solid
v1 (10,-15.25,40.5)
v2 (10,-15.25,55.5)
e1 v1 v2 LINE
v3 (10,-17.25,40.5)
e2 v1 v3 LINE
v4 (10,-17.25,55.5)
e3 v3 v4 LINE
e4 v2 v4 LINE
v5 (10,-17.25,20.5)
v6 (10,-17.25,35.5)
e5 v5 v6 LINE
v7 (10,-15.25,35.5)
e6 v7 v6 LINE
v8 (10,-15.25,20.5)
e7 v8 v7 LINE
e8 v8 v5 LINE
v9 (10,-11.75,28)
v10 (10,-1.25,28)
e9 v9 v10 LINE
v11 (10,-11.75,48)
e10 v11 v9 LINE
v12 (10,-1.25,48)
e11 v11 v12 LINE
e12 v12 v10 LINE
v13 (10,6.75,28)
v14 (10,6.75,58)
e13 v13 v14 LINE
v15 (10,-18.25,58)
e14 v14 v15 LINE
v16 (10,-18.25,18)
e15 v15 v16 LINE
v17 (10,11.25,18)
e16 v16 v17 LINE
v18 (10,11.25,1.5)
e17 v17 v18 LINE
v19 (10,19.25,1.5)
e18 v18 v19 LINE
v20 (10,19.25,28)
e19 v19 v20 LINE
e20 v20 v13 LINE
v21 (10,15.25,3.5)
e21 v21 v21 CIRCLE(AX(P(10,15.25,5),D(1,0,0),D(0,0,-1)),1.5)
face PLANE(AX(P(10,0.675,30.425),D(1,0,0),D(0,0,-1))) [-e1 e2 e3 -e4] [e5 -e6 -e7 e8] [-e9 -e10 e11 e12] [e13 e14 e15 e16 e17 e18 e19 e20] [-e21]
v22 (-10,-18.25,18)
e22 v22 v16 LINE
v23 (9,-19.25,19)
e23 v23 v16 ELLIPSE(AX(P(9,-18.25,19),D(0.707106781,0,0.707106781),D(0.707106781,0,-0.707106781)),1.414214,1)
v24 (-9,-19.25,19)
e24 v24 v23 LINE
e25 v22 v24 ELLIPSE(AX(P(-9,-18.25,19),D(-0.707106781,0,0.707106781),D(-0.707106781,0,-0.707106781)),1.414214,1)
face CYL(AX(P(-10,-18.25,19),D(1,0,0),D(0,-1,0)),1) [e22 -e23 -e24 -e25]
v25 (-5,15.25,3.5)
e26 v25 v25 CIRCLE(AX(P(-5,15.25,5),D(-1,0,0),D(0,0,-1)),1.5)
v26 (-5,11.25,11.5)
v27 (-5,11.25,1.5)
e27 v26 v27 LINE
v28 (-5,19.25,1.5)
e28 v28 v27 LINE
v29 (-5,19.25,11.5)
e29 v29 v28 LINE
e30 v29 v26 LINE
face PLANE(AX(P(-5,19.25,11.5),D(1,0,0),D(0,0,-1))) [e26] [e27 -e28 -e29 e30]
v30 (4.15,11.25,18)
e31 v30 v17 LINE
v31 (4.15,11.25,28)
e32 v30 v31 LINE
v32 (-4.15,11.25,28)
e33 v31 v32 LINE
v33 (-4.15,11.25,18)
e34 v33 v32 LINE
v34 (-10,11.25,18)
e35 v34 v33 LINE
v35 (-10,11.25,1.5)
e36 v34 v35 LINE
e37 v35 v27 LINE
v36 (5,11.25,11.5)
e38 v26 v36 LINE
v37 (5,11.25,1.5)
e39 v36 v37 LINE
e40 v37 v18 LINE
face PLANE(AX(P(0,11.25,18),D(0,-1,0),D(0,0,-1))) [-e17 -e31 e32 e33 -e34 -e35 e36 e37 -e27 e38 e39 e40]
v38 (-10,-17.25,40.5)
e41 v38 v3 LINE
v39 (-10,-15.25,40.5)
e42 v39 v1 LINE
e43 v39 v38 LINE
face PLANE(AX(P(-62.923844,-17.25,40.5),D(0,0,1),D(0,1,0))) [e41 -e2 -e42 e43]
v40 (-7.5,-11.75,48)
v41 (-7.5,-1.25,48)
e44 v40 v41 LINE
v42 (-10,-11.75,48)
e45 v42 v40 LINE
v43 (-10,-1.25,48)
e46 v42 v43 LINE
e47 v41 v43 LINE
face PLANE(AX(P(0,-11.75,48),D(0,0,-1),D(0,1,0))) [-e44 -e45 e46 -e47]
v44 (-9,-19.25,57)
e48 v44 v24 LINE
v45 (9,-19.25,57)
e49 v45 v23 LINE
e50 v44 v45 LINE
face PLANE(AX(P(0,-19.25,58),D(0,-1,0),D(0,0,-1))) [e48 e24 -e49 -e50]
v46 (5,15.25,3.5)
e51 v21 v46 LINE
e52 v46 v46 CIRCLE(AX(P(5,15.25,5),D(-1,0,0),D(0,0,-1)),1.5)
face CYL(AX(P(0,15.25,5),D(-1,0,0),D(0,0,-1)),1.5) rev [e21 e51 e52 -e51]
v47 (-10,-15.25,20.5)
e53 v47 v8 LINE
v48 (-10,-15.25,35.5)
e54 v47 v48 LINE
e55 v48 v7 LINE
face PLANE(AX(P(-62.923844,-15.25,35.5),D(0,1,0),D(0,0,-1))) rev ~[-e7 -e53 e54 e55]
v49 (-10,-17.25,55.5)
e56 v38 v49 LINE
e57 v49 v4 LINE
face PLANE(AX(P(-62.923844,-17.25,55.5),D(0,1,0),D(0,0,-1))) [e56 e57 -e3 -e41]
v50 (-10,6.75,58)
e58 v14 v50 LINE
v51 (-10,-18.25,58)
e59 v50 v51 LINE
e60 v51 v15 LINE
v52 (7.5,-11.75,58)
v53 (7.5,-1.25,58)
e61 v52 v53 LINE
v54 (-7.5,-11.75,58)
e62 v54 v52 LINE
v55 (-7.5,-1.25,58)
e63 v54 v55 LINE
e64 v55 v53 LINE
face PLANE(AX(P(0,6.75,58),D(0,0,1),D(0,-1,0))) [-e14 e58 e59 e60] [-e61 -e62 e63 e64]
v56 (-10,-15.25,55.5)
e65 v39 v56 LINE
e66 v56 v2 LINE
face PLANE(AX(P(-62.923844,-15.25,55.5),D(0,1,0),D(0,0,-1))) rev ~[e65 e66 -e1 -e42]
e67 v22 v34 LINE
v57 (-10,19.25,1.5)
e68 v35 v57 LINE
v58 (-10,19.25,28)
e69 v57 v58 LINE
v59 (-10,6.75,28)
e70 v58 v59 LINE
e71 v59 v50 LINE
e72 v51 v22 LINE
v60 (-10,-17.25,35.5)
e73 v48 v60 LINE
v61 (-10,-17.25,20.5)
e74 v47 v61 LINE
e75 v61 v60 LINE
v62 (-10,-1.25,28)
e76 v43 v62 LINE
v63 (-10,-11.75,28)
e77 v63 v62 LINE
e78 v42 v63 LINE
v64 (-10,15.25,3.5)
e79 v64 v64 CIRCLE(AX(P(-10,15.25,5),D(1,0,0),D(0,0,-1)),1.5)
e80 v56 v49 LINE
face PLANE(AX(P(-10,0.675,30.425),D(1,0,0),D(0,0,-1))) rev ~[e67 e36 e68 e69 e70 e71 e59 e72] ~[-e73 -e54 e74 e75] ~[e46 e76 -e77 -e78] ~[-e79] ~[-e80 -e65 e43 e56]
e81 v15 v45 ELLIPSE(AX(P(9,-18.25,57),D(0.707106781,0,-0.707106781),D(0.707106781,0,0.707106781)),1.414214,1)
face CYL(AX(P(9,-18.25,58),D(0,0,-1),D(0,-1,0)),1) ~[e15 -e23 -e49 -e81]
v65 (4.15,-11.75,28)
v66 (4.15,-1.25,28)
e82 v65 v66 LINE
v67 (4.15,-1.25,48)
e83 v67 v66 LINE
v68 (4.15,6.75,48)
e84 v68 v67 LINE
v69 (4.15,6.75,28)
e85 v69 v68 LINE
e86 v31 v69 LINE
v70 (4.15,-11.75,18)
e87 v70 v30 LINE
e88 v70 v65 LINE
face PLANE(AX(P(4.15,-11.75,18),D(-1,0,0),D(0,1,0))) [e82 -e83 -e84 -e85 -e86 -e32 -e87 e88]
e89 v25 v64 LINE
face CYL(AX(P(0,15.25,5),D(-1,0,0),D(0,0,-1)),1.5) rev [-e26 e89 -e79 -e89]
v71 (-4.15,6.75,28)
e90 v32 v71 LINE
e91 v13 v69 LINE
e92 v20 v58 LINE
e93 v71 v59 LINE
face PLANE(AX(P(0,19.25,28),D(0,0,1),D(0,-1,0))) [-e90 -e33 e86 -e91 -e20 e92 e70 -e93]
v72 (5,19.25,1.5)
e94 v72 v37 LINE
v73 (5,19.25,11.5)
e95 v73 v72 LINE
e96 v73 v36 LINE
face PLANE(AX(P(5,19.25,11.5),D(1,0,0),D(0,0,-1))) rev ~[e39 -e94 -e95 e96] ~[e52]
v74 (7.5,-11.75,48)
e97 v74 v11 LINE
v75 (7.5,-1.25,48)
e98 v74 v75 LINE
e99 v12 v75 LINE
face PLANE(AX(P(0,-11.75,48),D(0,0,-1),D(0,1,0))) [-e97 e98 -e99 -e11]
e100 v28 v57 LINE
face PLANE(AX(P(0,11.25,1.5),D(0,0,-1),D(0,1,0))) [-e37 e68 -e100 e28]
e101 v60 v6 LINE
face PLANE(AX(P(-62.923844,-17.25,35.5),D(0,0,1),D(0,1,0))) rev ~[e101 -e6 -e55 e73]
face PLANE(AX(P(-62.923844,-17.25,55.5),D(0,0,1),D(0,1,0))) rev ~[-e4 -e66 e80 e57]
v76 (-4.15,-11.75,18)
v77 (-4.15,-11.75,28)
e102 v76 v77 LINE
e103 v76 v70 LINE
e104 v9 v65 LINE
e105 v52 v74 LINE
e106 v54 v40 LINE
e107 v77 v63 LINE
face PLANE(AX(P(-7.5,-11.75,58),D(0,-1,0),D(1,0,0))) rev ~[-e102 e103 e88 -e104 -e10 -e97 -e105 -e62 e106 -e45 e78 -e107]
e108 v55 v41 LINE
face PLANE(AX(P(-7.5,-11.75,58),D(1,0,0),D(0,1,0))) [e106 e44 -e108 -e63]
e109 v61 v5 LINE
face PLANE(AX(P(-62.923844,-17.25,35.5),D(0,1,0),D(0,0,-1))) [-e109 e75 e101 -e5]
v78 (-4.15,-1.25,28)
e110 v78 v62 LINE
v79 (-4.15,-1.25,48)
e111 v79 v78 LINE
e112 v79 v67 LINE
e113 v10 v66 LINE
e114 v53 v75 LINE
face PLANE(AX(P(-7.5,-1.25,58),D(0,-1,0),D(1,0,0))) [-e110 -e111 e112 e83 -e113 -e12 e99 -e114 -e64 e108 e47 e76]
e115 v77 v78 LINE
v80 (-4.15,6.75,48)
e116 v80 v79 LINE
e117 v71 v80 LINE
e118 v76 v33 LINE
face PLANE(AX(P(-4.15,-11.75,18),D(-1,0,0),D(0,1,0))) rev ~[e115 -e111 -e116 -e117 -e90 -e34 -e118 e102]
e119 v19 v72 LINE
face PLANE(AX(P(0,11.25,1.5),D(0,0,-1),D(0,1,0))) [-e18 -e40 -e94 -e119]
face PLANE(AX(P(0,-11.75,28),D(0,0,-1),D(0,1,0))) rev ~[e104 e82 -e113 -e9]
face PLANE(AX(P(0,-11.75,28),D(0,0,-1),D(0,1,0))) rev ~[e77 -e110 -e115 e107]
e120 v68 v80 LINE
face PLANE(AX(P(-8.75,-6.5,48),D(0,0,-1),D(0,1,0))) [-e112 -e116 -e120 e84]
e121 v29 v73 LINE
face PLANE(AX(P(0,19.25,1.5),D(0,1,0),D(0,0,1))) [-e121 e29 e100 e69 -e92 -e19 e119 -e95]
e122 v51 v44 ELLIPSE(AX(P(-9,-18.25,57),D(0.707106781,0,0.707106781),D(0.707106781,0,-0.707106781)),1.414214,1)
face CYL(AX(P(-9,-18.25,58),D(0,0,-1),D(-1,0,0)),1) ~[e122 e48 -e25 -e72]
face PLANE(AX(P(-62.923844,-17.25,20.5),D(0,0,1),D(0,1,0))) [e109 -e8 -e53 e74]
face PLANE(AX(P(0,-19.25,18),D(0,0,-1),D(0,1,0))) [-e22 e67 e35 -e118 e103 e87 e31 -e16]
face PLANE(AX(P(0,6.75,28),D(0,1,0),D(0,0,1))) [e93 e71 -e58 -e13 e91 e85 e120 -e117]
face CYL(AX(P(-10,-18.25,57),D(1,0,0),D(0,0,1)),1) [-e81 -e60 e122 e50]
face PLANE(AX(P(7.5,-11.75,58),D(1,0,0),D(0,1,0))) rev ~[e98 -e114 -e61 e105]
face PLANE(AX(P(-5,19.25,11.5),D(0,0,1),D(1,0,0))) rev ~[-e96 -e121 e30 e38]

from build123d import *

# Parameters (mm, degrees)
CROQUIS1_R                 = 1.5
CROQUIS1_W                 = 20
CROQUIS1_H                 = 10.5
SALIENTE_EXTRUIR1_DEPTH    = 10
CORTAR_EXTRUIR1_REACH      = 72.33
CROQUIS2_W                 = 10
CROQUIS2_H                 = 10
CROQUIS5_W                 = 15
CROQUIS5_H                 = 10.5
CORTAR_EXTRUIR5_DEPTH      = 10
CORTAR_EXTRUIR4_DEPTH      = 62.923844357
CORTAR_EXTRUIR4_DEPTH_BACK = 62.923844357
CROQUIS4_W                 = 15
CROQUIS4_H                 = 2
CORTAR_EXTRUIR3_REACH      = 47.503
CROQUIS3_W                 = 8.3
CROQUIS3_H                 = 23
REDONDEO2_R                = 1


with BuildPart() as part:
    # Croquis1 → Saliente-Extruir1 (new, symmetric)
    with BuildSketch(Plane(origin=(0, 0, 0), x_dir=(0, 0, -1), z_dir=(1, 0, 0))):
        Polygon((-58, 6.75), (-58, -19.25), (-18, -19.25), (-18, -11.75), (-18, 11.25), (-1.5, 11.25), (-1.5, 19.25), (-28, 19.25), (-28, 6.75), align=None)
        with Locations((-5, 15.25)):
            Circle(CROQUIS1_R, mode=Mode.SUBTRACT)
        with Locations((-38, -6.5)):
            Rectangle(CROQUIS1_W, CROQUIS1_H, mode=Mode.SUBTRACT)
    extrude(amount=SALIENTE_EXTRUIR1_DEPTH, both=True)

    # Cortar-Extruir1: up to this face of the body (flat: up to its plane)
    cortar_extruir1_end = Plane(part.part.faces().sort_by_distance((0, 11.25, 9.75))[0])
    # Croquis2 → Cortar-Extruir1 (cut, up to the picked face)
    with BuildSketch(Plane(origin=(0, 19.25, 0), x_dir=(1, 0, 0), z_dir=(0, 1, 0)), mode=Mode.PRIVATE) as cortar_extruir1_sk1:
        with Locations((0, -6.5)):
            Rectangle(CROQUIS2_W, CROQUIS2_H)
    cortar_extruir1_tool1 = split(extrude(cortar_extruir1_sk1.sketch, amount=-CORTAR_EXTRUIR1_REACH, mode=Mode.PRIVATE), bisect_by=cortar_extruir1_end, keep=Keep.BOTH, mode=Mode.PRIVATE)
    add(cortar_extruir1_tool1.solids().sort_by(Axis((0, 19.25, 6.5), (0, -1, 0)))[0], mode=Mode.SUBTRACT)

    # Croquis5 → Cortar-Extruir5 (cut)
    with BuildSketch(Plane.XY.offset(58)):
        with Locations((0, -6.5)):
            Rectangle(CROQUIS5_W, CROQUIS5_H)
    extrude(amount=-CORTAR_EXTRUIR5_DEPTH, mode=Mode.SUBTRACT)

    # Croquis4 → Cortar-Extruir4 (cut, two sides: drawn at the far end of the back side and taken through both)
    with BuildSketch(Plane(origin=(0, 0, 0), x_dir=(0, 0, -1), z_dir=(1, 0, 0)).offset(-CORTAR_EXTRUIR4_DEPTH_BACK)):
        with Locations((-48, -16.25)):
            Rectangle(CROQUIS4_W, CROQUIS4_H)
        with Locations((-28, -16.25)):
            Rectangle(CROQUIS4_W, CROQUIS4_H)
    extrude(amount=CORTAR_EXTRUIR4_DEPTH + CORTAR_EXTRUIR4_DEPTH_BACK, mode=Mode.SUBTRACT)

    # Cortar-Extruir3: up to this face of the body (flat: up to its plane)
    cortar_extruir3_end = Plane(part.part.faces().sort_by_distance((-8.75, -6.5, 48))[0])
    # Croquis3 → Cortar-Extruir3 (cut, up to the picked face)
    with BuildSketch(Plane.XY.offset(18), mode=Mode.PRIVATE) as cortar_extruir3_sk1:
        with Locations((0, -0.25)):
            Rectangle(CROQUIS3_W, CROQUIS3_H)
    cortar_extruir3_tool1 = split(extrude(cortar_extruir3_sk1.sketch, amount=CORTAR_EXTRUIR3_REACH, mode=Mode.PRIVATE), bisect_by=cortar_extruir3_end, keep=Keep.BOTH, mode=Mode.PRIVATE)
    add(cortar_extruir3_tool1.solids().sort_by(Axis((0, -0.25, 18), (0, 0, 1)))[0], mode=Mode.SUBTRACT)

    # Redondeo2
    redondeo2_edges = [part.edges().sort_by_distance(p)[0] for p in [
        (-10, -19.25, 38),
        (0, -19.25, 58),
        (0, -19.25, 18),
        (10, -19.25, 38),
    ]]
    fillet(redondeo2_edges, radius=REDONDEO2_R)


solid = part.part
